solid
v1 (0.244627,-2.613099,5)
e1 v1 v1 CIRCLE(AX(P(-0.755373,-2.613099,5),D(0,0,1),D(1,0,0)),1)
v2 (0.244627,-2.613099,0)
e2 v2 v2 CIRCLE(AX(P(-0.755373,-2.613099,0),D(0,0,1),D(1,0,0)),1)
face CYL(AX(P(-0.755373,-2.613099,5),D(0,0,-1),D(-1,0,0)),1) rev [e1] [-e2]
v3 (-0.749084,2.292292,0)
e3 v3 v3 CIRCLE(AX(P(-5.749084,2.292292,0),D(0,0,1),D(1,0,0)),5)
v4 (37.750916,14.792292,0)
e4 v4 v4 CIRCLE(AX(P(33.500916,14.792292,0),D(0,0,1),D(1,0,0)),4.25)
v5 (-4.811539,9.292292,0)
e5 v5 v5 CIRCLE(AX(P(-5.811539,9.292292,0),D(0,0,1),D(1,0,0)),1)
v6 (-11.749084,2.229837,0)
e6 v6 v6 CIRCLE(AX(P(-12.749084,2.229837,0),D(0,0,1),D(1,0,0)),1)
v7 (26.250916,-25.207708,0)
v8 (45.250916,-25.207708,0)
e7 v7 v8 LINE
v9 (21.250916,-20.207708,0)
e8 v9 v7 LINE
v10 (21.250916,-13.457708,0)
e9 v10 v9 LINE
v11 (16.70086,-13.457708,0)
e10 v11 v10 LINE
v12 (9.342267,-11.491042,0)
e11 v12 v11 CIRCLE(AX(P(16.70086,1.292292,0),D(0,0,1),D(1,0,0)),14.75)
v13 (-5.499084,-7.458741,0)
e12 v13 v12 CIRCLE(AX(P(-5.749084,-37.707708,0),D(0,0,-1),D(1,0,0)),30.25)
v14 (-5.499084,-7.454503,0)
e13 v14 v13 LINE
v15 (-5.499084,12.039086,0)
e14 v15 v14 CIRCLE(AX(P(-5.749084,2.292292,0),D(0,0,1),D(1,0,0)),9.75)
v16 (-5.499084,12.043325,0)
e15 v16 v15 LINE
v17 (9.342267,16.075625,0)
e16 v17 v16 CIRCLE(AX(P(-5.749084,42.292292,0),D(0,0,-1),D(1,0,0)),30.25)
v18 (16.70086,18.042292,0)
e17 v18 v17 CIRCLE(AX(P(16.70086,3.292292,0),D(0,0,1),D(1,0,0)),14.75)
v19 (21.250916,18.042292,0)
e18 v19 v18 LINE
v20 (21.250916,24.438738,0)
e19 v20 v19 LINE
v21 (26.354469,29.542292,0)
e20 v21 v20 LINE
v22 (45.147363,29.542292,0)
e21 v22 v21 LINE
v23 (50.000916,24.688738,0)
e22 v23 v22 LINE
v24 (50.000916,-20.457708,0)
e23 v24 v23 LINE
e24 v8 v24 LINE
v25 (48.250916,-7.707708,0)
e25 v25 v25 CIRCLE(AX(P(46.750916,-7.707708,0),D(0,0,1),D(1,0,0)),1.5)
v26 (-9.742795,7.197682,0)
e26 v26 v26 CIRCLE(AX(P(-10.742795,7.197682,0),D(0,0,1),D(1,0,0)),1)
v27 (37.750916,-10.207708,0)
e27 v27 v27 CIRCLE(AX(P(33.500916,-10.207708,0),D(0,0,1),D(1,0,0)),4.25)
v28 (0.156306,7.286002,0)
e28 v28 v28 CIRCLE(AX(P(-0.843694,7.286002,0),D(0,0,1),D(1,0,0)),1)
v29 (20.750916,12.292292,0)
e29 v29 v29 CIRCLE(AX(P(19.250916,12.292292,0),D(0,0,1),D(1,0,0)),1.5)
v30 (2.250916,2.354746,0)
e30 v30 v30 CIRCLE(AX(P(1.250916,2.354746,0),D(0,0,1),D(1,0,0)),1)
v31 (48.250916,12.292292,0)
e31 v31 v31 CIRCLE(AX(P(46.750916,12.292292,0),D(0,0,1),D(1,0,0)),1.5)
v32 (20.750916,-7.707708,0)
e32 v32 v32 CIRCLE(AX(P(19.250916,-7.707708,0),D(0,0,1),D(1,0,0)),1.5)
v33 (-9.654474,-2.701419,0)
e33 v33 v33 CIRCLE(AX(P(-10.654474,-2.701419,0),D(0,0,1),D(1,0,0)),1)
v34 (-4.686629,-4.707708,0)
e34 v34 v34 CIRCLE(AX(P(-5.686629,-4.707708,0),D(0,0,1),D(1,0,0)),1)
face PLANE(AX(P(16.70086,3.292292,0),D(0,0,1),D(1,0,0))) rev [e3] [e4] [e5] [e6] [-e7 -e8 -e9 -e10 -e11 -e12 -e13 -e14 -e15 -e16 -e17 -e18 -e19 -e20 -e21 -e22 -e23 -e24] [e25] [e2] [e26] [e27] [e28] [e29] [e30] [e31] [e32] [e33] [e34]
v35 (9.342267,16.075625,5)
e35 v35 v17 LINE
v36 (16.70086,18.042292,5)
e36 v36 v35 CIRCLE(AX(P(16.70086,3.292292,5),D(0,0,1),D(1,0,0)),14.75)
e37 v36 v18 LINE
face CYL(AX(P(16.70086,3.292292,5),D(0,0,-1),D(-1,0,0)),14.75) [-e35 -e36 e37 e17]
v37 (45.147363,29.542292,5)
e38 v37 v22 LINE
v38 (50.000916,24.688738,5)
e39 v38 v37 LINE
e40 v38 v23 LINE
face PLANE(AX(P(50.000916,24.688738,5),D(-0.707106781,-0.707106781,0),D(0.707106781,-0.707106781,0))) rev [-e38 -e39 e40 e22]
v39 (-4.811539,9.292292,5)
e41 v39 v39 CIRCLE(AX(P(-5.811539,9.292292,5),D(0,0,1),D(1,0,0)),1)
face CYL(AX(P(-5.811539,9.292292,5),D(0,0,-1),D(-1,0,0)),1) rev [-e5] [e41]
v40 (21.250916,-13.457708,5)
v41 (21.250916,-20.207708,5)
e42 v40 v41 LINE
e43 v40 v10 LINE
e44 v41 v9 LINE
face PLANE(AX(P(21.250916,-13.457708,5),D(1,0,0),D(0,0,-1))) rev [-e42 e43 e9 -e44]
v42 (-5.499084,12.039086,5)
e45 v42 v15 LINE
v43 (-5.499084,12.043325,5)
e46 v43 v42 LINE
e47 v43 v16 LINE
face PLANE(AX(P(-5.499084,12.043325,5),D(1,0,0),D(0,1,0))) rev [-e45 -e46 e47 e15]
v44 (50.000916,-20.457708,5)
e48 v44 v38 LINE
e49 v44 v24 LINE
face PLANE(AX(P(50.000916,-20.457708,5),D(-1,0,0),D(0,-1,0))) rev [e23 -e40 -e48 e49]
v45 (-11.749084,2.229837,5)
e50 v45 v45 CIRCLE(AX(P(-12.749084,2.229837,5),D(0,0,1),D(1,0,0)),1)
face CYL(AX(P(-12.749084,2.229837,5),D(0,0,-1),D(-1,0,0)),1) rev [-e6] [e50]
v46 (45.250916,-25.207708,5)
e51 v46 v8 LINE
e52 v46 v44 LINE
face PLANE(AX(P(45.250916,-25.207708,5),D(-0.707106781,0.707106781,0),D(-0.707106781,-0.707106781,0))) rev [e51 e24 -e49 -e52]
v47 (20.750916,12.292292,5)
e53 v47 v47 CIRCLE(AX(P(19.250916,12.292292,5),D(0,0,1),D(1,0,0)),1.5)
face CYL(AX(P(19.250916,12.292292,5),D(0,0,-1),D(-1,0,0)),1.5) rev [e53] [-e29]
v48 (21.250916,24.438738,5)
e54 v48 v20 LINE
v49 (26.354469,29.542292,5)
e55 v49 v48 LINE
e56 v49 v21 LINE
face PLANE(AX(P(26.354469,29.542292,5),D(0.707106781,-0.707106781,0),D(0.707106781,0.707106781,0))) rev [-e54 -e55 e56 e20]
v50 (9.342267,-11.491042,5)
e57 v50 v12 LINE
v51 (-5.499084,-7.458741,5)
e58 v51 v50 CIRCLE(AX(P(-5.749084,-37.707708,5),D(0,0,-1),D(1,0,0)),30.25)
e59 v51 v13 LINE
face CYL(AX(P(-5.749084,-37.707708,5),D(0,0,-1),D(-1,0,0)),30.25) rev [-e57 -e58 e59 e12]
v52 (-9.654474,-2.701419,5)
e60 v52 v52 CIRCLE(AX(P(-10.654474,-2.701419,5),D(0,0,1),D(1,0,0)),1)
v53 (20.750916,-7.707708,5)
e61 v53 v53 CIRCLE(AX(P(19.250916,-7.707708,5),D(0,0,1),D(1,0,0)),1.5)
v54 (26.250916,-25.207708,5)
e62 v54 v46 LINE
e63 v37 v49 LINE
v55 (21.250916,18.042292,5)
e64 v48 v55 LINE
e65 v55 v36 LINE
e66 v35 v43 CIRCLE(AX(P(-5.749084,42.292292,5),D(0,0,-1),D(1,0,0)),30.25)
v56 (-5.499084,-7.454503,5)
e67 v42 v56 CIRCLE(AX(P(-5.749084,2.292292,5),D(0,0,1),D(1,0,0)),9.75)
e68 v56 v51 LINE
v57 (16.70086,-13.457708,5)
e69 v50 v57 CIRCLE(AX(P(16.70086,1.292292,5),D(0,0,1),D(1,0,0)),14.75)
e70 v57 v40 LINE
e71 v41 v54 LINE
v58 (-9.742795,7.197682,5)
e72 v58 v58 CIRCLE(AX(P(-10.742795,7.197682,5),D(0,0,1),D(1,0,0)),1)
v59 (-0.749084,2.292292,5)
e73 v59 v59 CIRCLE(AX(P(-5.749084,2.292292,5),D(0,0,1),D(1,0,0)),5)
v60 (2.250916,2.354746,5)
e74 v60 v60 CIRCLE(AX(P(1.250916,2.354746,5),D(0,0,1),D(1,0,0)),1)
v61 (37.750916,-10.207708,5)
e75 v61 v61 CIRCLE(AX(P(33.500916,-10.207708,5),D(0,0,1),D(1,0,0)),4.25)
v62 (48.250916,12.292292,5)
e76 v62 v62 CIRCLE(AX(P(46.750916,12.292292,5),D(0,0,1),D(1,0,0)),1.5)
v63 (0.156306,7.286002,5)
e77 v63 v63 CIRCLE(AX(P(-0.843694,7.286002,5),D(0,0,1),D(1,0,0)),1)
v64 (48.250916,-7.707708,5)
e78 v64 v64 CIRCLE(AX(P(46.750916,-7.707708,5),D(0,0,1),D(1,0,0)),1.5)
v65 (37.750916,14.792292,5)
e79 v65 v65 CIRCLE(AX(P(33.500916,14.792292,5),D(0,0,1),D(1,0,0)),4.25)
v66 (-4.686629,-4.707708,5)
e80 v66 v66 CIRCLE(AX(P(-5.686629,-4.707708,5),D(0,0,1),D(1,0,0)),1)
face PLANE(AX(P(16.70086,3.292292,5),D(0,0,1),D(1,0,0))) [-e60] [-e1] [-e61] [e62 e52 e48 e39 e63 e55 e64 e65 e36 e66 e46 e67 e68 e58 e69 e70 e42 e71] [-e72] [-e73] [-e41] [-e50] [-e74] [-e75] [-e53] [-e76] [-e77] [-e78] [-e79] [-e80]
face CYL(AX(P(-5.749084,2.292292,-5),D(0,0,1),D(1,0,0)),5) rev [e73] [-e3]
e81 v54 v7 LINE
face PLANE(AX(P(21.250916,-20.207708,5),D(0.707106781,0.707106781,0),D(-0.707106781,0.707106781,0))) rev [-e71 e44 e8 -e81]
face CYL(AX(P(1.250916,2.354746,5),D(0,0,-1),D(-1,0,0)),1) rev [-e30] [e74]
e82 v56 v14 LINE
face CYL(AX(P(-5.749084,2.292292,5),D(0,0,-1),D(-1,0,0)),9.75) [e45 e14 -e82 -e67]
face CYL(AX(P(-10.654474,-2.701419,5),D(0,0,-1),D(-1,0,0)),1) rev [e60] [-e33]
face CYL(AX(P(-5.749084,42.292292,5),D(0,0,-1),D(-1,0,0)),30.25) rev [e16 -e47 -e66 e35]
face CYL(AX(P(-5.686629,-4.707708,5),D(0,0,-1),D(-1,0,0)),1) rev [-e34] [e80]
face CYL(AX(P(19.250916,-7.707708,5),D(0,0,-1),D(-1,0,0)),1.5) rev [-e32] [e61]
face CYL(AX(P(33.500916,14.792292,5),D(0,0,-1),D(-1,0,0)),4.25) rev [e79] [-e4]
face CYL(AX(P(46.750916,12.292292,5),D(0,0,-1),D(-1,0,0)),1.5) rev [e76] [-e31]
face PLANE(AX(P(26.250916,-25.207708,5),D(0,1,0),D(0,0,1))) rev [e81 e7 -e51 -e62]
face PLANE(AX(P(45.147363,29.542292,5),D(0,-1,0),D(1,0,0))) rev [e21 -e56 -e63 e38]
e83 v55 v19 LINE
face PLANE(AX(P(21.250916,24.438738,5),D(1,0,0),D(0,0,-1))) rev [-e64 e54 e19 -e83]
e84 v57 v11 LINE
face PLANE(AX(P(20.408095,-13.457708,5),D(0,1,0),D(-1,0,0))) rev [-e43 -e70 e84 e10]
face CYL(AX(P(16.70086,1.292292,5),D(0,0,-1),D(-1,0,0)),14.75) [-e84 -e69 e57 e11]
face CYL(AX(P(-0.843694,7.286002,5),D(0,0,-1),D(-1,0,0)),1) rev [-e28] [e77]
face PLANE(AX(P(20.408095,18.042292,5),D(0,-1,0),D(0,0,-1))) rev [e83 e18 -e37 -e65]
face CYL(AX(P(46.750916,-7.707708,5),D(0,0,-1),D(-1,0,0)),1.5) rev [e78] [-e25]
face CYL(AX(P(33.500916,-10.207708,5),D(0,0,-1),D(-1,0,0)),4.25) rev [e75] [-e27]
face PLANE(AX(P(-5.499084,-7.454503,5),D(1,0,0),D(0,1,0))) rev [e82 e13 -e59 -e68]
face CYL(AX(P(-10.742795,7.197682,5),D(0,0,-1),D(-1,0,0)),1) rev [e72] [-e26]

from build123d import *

# Parameters (mm, degrees)
SKETCH1_R           = 1.5
SKETCH1_R_2         = 4.25
SKETCH1_R_3         = 1
BOSS_EXTRUDE2_DEPTH = 5
SKETCH2_R           = 5
CUT_EXTRUDE1_DEPTH  = 10


with BuildPart() as part:
    # Sketch1 → Boss-Extrude2 (new body)
    with BuildSketch(Plane.XY):
        with BuildLine():
            Line((45.25091594, -25.207708346), (50.00091594, -20.457708346))
            Line((50.00091594, -20.457708346), (50.00091594, 24.688738263))
            Line((50.00091594, 24.688738263), (45.147362549, 29.542291654))
            Line((45.147362549, 29.542291654), (26.35446933, 29.542291654))
            Line((26.35446933, 29.542291654), (21.25091594, 24.438738263))
            Line((21.25091594, 24.438738263), (21.25091594, 18.042291654))
            Line((21.25091594, 18.042291654), (20.408095363, 18.042291654))
            Line((20.408095363, 18.042291654), (16.70086026, 18.042291654))
            ThreePointArc((16.70086026, 18.042291654), (12.892426636, 17.542145454), (9.3422674, 16.075624987))
            ThreePointArc((9.3422674, 16.075624987), (2.182128173, 13.100539865), (-5.49908406, 12.043324729))
            Line((-5.49908406, 12.043324729), (-5.49908406, 12.039085999))
            ThreePointArc((-5.49908406, 12.039085999), (-15.49908406, 2.292291654), (-5.49908406, -7.454502691))
            Line((-5.49908406, -7.454502691), (-5.49908406, -7.458741422))
            ThreePointArc((-5.49908406, -7.458741422), (2.182128173, -8.515956557), (9.3422674, -11.491041679))
            ThreePointArc((9.3422674, -11.491041679), (12.892426636, -12.957562146), (16.70086026, -13.457708346))
            Line((16.70086026, -13.457708346), (20.408095363, -13.457708346))
            Line((20.408095363, -13.457708346), (21.25091594, -13.457708346))
            Line((21.25091594, -13.457708346), (21.25091594, -20.207708346))
            Line((21.25091594, -20.207708346), (26.25091594, -25.207708346))
            Line((26.25091594, -25.207708346), (45.25091594, -25.207708346))
        make_face()
        with Locations((46.75091594, -7.707708346)):
            Circle(SKETCH1_R, mode=Mode.SUBTRACT)
        with Locations((46.75091594, 12.292291654)):
            Circle(SKETCH1_R, mode=Mode.SUBTRACT)
        with Locations((33.50091594, 14.792291654)):
            Circle(SKETCH1_R_2, mode=Mode.SUBTRACT)
        with Locations((33.50091594, -10.207708346)):
            Circle(SKETCH1_R_2, mode=Mode.SUBTRACT)
        with Locations((19.25091594, 12.292291654)):
            Circle(SKETCH1_R, mode=Mode.SUBTRACT)
        with Locations((19.25091594, -7.707708346)):
            Circle(SKETCH1_R, mode=Mode.SUBTRACT)
        with Locations((-5.74908406, 2.292291654)):
            Circle(SKETCH1_R, mode=Mode.SUBTRACT)
        with Locations((1.25091594, 2.354746229)):
            Circle(SKETCH1_R_3, mode=Mode.SUBTRACT)
        with Locations((-0.755373293, -2.613098521)):
            Circle(SKETCH1_R_3, mode=Mode.SUBTRACT)
        with Locations((-5.686629485, -4.707708346)):
            Circle(SKETCH1_R_3, mode=Mode.SUBTRACT)
        with Locations((-10.654474236, -2.701419114)):
            Circle(SKETCH1_R_3, mode=Mode.SUBTRACT)
        with Locations((-12.74908406, 2.229837079)):
            Circle(SKETCH1_R_3, mode=Mode.SUBTRACT)
        with Locations((-10.742794828, 7.197681829)):
            Circle(SKETCH1_R_3, mode=Mode.SUBTRACT)
        with Locations((-5.811538636, 9.292291654)):
            Circle(SKETCH1_R_3, mode=Mode.SUBTRACT)
        with Locations((-0.843693885, 7.286002421)):
            Circle(SKETCH1_R_3, mode=Mode.SUBTRACT)
    extrude(amount=BOSS_EXTRUDE2_DEPTH)

    # Sketch2 → Cut-Extrude1 (cut)
    with BuildSketch(Plane.XY.offset(5)):
        with Locations((-5.74908406, 2.292291654)):
            Circle(SKETCH2_R)
    extrude(amount=-CUT_EXTRUDE1_DEPTH, mode=Mode.SUBTRACT)


solid = part.part
